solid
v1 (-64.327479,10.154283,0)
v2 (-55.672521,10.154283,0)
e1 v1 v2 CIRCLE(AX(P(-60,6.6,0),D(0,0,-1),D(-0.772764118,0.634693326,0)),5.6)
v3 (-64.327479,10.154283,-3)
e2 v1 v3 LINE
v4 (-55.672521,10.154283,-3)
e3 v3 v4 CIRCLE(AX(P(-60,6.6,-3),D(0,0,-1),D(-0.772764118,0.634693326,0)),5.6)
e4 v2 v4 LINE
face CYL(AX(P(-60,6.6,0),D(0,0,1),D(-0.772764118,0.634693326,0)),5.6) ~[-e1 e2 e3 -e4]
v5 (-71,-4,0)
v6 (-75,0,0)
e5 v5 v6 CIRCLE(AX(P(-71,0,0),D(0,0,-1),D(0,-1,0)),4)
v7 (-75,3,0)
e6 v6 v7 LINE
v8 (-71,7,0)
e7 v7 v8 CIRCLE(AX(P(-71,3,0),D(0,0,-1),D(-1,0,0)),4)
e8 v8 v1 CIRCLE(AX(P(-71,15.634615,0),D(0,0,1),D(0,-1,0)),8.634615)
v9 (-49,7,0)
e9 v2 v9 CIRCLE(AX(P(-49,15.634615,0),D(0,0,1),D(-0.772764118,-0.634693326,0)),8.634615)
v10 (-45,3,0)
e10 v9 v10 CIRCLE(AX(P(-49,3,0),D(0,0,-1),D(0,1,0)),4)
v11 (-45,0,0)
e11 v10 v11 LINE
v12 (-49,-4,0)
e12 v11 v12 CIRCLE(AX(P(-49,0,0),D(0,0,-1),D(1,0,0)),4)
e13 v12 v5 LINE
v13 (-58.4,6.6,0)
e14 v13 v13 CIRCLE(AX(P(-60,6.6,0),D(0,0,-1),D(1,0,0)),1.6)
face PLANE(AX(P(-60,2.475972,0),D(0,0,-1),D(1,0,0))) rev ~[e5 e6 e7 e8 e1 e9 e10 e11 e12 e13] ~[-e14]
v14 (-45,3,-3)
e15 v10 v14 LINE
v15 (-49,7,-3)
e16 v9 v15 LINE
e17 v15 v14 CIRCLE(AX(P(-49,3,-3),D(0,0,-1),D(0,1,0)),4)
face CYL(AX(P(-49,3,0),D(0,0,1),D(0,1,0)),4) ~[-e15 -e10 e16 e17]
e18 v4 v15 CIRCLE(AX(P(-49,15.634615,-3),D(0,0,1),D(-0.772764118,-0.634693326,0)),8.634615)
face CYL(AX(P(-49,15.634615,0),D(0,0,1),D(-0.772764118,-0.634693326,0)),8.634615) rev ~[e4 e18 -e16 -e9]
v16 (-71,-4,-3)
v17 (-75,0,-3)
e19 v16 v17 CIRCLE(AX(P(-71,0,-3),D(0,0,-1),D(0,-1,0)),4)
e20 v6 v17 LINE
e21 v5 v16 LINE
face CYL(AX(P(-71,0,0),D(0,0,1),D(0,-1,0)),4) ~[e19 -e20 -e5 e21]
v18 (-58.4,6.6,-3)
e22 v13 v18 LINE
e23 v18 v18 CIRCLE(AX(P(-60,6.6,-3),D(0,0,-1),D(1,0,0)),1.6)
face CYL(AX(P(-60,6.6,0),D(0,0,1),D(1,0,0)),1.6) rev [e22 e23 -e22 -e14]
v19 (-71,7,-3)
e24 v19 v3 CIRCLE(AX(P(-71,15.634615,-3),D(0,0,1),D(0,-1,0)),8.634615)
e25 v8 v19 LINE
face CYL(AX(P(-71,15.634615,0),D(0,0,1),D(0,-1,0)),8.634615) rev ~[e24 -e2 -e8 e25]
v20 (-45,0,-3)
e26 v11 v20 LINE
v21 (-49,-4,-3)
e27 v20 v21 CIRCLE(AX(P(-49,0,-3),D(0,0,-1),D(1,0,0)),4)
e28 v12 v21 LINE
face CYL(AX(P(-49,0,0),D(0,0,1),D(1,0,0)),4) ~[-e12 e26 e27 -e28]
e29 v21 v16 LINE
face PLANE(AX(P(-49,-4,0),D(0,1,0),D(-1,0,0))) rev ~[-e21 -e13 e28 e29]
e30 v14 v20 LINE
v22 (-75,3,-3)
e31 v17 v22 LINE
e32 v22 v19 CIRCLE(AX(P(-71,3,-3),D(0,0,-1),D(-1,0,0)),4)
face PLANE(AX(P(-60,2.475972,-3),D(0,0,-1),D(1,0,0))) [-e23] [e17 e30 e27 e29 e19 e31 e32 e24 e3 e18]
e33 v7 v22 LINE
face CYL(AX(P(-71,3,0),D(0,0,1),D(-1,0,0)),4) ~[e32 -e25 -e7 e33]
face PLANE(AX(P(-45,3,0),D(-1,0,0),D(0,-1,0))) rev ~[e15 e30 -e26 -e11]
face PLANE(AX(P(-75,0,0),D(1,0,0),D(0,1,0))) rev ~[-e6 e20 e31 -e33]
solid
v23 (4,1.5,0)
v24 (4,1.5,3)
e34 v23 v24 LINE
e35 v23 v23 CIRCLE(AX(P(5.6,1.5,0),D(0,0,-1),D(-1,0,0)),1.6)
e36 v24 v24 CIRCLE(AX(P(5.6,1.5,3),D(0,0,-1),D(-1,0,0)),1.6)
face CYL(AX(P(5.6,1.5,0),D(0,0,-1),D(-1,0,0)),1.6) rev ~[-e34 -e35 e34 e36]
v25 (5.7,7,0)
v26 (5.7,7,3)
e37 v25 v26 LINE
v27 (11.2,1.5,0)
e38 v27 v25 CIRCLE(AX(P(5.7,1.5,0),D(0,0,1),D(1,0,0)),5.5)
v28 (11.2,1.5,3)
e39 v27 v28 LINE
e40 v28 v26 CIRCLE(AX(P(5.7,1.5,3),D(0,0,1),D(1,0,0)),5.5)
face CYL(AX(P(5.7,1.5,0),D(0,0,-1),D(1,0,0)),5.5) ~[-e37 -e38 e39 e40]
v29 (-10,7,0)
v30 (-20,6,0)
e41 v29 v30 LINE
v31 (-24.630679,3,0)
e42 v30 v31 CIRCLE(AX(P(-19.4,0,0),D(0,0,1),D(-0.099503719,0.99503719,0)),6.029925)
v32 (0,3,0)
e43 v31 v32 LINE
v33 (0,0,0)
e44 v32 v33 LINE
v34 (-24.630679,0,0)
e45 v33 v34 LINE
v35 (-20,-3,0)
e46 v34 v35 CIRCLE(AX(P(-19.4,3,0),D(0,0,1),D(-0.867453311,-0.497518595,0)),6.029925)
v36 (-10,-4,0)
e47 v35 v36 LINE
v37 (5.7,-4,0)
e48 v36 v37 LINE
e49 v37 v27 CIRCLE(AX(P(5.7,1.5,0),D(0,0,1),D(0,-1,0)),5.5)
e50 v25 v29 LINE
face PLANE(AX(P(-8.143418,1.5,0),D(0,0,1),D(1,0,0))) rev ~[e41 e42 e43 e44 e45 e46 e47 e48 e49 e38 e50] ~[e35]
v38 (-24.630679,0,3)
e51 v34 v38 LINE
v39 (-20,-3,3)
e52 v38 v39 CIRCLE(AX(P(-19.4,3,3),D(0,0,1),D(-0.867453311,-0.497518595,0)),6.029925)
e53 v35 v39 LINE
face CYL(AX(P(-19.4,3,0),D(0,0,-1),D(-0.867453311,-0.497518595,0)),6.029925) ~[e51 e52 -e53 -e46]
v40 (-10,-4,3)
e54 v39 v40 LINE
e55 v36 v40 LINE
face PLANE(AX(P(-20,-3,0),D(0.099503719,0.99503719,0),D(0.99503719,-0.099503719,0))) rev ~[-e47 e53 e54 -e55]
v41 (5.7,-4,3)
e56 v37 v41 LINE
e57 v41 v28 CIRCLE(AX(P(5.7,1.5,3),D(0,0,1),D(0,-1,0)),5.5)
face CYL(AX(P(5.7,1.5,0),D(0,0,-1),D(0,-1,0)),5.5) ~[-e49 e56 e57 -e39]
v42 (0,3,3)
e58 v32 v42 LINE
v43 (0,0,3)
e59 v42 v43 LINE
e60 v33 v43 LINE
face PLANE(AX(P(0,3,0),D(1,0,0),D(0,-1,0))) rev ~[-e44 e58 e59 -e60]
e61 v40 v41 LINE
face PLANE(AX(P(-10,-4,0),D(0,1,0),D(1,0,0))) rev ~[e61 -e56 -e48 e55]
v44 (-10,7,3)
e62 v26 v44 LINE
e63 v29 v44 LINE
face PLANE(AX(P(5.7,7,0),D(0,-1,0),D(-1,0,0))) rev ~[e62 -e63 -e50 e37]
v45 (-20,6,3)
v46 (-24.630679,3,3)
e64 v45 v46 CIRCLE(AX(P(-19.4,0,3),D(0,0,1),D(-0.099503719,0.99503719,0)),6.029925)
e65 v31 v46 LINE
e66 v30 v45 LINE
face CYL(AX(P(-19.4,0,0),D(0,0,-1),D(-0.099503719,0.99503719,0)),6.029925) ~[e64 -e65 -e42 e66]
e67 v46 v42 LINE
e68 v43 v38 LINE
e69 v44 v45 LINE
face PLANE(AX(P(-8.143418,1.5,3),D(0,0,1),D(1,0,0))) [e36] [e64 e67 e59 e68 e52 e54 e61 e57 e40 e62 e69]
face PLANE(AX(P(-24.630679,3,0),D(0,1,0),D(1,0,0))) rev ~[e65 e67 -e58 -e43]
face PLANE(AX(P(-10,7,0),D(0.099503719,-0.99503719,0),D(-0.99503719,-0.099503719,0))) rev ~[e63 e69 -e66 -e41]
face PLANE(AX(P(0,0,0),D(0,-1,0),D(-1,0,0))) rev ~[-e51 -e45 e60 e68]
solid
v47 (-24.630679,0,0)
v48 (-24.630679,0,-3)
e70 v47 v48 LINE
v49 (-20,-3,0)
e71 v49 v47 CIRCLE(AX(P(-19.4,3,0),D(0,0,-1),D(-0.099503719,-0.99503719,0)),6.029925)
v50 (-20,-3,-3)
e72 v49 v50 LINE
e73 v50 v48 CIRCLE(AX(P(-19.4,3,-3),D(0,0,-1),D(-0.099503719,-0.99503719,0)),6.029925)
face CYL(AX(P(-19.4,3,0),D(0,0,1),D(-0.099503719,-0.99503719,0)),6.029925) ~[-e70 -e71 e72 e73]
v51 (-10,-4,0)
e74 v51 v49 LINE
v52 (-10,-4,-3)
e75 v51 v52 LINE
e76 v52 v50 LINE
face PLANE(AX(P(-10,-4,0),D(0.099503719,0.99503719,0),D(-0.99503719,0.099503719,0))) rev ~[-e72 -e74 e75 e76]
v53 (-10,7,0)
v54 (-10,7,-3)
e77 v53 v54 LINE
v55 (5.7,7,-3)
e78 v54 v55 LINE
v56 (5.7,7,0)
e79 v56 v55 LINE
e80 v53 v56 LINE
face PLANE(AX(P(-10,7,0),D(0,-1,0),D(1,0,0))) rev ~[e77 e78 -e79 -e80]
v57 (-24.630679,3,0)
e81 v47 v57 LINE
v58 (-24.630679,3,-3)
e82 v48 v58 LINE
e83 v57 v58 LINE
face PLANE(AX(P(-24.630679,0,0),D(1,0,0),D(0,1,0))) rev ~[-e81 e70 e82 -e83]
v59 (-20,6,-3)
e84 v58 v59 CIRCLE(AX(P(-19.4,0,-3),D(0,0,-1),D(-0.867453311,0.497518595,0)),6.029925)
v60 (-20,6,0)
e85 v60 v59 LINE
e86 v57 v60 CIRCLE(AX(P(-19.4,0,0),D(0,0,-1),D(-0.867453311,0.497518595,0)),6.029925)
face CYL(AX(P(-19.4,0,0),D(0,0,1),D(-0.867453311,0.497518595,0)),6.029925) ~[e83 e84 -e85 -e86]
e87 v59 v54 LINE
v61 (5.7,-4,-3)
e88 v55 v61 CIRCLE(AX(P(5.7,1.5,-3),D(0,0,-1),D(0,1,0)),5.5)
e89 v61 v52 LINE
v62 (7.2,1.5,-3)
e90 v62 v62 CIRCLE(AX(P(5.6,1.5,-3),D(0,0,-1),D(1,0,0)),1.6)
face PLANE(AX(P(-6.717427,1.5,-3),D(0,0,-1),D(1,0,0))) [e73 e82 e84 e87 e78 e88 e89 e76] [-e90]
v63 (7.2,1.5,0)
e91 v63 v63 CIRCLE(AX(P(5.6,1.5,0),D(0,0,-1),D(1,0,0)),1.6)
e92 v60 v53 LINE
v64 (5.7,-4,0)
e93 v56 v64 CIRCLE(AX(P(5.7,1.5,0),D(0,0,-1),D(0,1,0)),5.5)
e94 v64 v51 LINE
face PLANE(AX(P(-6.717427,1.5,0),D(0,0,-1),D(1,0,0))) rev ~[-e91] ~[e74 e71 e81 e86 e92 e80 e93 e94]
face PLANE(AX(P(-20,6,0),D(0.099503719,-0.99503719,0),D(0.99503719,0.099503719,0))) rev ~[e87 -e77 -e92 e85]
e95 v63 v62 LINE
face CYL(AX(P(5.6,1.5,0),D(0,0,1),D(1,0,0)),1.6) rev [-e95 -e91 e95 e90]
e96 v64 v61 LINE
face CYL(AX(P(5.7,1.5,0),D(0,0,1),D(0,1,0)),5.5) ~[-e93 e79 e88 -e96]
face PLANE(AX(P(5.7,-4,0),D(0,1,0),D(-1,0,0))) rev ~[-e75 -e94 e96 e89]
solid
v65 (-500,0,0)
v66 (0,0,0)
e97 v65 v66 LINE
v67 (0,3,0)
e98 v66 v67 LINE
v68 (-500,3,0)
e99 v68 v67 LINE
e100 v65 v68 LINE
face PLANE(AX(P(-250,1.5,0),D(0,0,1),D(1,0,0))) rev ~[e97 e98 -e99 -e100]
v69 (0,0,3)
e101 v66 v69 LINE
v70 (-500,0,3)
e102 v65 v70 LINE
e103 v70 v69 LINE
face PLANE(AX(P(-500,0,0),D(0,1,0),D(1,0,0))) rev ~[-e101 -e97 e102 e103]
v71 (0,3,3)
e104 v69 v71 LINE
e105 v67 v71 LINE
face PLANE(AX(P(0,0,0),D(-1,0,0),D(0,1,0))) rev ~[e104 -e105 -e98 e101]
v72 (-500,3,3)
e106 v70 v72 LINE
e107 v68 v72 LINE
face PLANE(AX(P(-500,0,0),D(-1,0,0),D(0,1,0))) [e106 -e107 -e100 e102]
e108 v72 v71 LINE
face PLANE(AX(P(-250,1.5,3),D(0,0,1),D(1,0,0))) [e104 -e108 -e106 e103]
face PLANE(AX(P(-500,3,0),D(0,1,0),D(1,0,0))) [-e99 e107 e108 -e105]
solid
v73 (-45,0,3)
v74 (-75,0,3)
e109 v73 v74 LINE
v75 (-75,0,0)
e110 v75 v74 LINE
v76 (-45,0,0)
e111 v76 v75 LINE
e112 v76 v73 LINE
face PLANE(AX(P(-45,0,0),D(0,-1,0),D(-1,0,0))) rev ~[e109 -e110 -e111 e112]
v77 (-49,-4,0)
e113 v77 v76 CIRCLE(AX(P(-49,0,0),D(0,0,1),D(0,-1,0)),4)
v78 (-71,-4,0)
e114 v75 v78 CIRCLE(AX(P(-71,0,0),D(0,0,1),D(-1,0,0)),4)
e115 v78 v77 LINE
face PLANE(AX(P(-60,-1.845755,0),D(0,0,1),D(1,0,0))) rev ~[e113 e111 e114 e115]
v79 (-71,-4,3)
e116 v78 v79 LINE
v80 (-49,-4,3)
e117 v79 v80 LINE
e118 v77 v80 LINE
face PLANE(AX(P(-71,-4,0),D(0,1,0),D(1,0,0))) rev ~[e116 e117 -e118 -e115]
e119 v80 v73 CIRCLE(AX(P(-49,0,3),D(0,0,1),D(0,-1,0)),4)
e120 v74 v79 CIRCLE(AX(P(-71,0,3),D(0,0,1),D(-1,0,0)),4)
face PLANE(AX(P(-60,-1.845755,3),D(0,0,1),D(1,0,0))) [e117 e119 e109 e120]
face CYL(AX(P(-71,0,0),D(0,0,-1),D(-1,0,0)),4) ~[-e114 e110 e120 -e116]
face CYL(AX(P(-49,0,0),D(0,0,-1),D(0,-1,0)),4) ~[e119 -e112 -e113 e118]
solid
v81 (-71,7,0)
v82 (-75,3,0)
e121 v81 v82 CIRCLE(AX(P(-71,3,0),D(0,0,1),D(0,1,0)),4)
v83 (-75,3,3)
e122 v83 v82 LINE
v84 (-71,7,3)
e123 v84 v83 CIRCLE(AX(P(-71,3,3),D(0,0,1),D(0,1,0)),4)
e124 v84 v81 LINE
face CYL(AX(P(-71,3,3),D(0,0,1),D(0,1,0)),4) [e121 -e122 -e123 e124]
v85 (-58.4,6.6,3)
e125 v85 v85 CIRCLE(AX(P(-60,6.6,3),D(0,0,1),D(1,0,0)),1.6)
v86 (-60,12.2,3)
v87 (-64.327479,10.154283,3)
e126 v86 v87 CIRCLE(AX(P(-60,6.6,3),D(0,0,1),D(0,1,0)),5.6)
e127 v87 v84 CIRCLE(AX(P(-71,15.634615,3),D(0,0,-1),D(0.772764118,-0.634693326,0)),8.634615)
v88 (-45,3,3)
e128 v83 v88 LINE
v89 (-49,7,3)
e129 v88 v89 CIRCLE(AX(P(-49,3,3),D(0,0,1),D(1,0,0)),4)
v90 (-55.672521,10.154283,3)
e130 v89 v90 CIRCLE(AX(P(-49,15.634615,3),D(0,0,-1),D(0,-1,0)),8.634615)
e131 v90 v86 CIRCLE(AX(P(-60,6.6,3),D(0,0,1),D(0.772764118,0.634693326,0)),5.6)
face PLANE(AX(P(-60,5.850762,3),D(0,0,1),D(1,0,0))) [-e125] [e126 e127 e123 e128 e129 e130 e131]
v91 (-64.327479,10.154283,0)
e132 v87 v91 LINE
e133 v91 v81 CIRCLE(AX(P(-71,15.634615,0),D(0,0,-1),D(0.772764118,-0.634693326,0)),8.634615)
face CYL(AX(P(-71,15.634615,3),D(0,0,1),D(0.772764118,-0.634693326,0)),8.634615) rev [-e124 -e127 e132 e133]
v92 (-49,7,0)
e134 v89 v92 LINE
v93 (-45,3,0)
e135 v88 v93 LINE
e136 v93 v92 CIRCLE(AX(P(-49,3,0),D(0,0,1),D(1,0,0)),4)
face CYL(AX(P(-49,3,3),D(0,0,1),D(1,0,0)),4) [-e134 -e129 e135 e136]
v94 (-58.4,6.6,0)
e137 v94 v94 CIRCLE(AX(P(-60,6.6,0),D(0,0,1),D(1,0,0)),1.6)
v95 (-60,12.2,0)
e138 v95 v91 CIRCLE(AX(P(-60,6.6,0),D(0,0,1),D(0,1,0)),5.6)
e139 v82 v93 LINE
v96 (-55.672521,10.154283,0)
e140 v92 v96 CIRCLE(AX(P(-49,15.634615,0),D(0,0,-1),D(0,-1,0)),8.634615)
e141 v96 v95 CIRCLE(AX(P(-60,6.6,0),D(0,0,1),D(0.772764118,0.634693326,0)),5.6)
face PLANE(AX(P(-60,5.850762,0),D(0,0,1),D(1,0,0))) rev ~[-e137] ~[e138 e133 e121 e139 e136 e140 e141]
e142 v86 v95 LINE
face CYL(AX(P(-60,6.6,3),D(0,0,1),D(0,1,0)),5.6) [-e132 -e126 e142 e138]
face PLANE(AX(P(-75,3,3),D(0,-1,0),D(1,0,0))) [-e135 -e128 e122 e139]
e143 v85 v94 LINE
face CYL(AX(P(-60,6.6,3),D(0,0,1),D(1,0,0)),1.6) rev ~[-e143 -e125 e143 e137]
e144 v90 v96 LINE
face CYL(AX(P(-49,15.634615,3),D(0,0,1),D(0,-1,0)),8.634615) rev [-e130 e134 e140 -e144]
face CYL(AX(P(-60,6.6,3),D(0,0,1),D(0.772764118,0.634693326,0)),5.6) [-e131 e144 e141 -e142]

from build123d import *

# Parameters (mm, degrees)
F0_W      = 500
F0_H      = 3
F1_DEPTH  = 3
F3_DEPTH  = 3
F4_R      = 1.6
F5_DEPTH  = 3
F6_R      = 1.6
F7_DEPTH  = 3
F8_R      = 1.6
F9_DEPTH  = 3
F11_DEPTH = 3


with BuildPart() as f1:
    # F0 (on Top) → F1 (new body)
    with BuildSketch(Plane.XY):
        with Locations((-250, 1.5)):
            Rectangle(F0_W, F0_H)
    extrude(amount=F1_DEPTH)


with BuildPart() as f3:
    # F2 (on Top) → F3 (new body, through all)
    with BuildSketch(Plane.XY):
        with BuildLine():
            Line((0, 3), (0, 0))
            Line((0, 0), (-24.6306787322, 0))
            ThreePointArc((-24.6306787322, 0), (-22.678597813, -2.0607110548), (-20, -3))
            Line((-20, -3), (-10, -4))
            Line((-10, -4), (0, -4))
            Line((0, -4), (5.7, -4))
            ThreePointArc((5.7, -4), (9.5890872965, -2.3890872965), (11.2, 1.5))
            ThreePointArc((11.2, 1.5), (9.5890872965, 5.3890872965), (5.7, 7))
            Line((5.7, 7), (0, 7))
            Line((0, 7), (-10, 7))
            Line((-10, 7), (-20, 6))
            ThreePointArc((-20, 6), (-22.678597813, 5.0607110548), (-24.6306787322, 3))
            Line((-24.6306787322, 3), (0, 3))
        make_face()
        with BuildLine():
            ThreePointArc((7.2, 1.5), (5.6, -0.1), (4, 1.5))
            ThreePointArc((4, 1.5), (5.6, 3.1), (7.2, 1.5))
        make_face(mode=Mode.SUBTRACT)
    extrude(amount=F3_DEPTH)


with BuildPart() as f5:
    # F4 (on face) → F5 (new body)
    with BuildSketch(Plane(origin=(0, 0, 0), x_dir=(1, 0, 0), z_dir=(0, 0, -1))):
        with BuildLine():
            Line((5.7, 4), (-10, 4))
            Line((-10, 4), (-20, 3))
            ThreePointArc((-20, 3), (-22.678597813, 2.0607110548), (-24.6306787322, 0))
            Line((-24.6306787322, 0), (-24.6306787322, -3))
            ThreePointArc((-24.6306787322, -3), (-22.678597813, -5.0607110548), (-20, -6))
            Line((-20, -6), (-10, -7))
            Line((-10, -7), (5.7, -7))
            ThreePointArc((5.7, -7), (11.2, -1.5), (5.7, 4))
        make_face()
        with Locations((5.6, -1.5)):
            Circle(F4_R, mode=Mode.SUBTRACT)
    extrude(amount=F5_DEPTH)


with BuildPart() as f7:
    # F6 (on face) → F7 (new body, through all)
    with BuildSketch(Plane.XY.offset(3)):
        with BuildLine():
            Line((-75, 3), (-60, 3))
            Line((-60, 3), (-45, 3))
            ThreePointArc((-45, 3), (-46.1715728753, 5.8284271247), (-49, 7))
            ThreePointArc((-49, 7), (-52.6902586151, 7.8282990834), (-55.6725209403, 10.1542826263))
            ThreePointArc((-55.6725209403, 10.1542826263), (-57.6066741454, 11.6628046924), (-60, 12.2))
            ThreePointArc((-60, 12.2), (-62.3933258546, 11.6628046924), (-64.3274790597, 10.1542826263))
            ThreePointArc((-64.3274790597, 10.1542826263), (-67.3097413849, 7.8282990834), (-71, 7))
            ThreePointArc((-71, 7), (-73.8284271247, 5.8284271247), (-75, 3))
        make_face()
        with Locations((-60, 6.6)):
            Circle(F6_R, mode=Mode.SUBTRACT)
    extrude(amount=-F7_DEPTH)


with BuildPart() as f9:
    # F8 (on face) → F9 (new body)
    with BuildSketch(Plane(origin=(0, 0, 0), x_dir=(1, 0, 0), z_dir=(0, 0, -1))):
        with BuildLine():
            Line((-75, 0), (-75, -3))
            ThreePointArc((-75, -3), (-73.8284271247, -5.8284271247), (-71, -7))
            ThreePointArc((-71, -7), (-67.3097413849, -7.8282990834), (-64.3274790597, -10.1542826263))
            ThreePointArc((-64.3274790597, -10.1542826263), (-60, -12.2), (-55.6725209403, -10.1542826263))
            ThreePointArc((-55.6725209403, -10.1542826263), (-52.6902586151, -7.8282990834), (-49, -7))
            ThreePointArc((-49, -7), (-46.1715728753, -5.8284271247), (-45, -3))
            Line((-45, -3), (-45, 0))
            ThreePointArc((-45, 0), (-46.1715728753, 2.8284271247), (-49, 4))
            Line((-49, 4), (-71, 4))
            ThreePointArc((-71, 4), (-73.8284271247, 2.8284271247), (-75, 0))
        make_face()
        with Locations((-60, -6.6)):
            Circle(F8_R, mode=Mode.SUBTRACT)
    extrude(amount=F9_DEPTH)


with BuildPart() as f11:
    # F10 (on face) → F11 (new body, through all)
    with BuildSketch(Plane.XY):
        with BuildLine():
            ThreePointArc((-49, -4), (-46.1715728753, -2.8284271247), (-45, 0))
            Line((-45, 0), (-75, 0))
            ThreePointArc((-75, 0), (-73.8284271247, -2.8284271247), (-71, -4))
            Line((-71, -4), (-49, -4))
        make_face()
    extrude(amount=F11_DEPTH)


solid = Compound([f1.part, f3.part, f5.part, f7.part, f9.part, f11.part])
